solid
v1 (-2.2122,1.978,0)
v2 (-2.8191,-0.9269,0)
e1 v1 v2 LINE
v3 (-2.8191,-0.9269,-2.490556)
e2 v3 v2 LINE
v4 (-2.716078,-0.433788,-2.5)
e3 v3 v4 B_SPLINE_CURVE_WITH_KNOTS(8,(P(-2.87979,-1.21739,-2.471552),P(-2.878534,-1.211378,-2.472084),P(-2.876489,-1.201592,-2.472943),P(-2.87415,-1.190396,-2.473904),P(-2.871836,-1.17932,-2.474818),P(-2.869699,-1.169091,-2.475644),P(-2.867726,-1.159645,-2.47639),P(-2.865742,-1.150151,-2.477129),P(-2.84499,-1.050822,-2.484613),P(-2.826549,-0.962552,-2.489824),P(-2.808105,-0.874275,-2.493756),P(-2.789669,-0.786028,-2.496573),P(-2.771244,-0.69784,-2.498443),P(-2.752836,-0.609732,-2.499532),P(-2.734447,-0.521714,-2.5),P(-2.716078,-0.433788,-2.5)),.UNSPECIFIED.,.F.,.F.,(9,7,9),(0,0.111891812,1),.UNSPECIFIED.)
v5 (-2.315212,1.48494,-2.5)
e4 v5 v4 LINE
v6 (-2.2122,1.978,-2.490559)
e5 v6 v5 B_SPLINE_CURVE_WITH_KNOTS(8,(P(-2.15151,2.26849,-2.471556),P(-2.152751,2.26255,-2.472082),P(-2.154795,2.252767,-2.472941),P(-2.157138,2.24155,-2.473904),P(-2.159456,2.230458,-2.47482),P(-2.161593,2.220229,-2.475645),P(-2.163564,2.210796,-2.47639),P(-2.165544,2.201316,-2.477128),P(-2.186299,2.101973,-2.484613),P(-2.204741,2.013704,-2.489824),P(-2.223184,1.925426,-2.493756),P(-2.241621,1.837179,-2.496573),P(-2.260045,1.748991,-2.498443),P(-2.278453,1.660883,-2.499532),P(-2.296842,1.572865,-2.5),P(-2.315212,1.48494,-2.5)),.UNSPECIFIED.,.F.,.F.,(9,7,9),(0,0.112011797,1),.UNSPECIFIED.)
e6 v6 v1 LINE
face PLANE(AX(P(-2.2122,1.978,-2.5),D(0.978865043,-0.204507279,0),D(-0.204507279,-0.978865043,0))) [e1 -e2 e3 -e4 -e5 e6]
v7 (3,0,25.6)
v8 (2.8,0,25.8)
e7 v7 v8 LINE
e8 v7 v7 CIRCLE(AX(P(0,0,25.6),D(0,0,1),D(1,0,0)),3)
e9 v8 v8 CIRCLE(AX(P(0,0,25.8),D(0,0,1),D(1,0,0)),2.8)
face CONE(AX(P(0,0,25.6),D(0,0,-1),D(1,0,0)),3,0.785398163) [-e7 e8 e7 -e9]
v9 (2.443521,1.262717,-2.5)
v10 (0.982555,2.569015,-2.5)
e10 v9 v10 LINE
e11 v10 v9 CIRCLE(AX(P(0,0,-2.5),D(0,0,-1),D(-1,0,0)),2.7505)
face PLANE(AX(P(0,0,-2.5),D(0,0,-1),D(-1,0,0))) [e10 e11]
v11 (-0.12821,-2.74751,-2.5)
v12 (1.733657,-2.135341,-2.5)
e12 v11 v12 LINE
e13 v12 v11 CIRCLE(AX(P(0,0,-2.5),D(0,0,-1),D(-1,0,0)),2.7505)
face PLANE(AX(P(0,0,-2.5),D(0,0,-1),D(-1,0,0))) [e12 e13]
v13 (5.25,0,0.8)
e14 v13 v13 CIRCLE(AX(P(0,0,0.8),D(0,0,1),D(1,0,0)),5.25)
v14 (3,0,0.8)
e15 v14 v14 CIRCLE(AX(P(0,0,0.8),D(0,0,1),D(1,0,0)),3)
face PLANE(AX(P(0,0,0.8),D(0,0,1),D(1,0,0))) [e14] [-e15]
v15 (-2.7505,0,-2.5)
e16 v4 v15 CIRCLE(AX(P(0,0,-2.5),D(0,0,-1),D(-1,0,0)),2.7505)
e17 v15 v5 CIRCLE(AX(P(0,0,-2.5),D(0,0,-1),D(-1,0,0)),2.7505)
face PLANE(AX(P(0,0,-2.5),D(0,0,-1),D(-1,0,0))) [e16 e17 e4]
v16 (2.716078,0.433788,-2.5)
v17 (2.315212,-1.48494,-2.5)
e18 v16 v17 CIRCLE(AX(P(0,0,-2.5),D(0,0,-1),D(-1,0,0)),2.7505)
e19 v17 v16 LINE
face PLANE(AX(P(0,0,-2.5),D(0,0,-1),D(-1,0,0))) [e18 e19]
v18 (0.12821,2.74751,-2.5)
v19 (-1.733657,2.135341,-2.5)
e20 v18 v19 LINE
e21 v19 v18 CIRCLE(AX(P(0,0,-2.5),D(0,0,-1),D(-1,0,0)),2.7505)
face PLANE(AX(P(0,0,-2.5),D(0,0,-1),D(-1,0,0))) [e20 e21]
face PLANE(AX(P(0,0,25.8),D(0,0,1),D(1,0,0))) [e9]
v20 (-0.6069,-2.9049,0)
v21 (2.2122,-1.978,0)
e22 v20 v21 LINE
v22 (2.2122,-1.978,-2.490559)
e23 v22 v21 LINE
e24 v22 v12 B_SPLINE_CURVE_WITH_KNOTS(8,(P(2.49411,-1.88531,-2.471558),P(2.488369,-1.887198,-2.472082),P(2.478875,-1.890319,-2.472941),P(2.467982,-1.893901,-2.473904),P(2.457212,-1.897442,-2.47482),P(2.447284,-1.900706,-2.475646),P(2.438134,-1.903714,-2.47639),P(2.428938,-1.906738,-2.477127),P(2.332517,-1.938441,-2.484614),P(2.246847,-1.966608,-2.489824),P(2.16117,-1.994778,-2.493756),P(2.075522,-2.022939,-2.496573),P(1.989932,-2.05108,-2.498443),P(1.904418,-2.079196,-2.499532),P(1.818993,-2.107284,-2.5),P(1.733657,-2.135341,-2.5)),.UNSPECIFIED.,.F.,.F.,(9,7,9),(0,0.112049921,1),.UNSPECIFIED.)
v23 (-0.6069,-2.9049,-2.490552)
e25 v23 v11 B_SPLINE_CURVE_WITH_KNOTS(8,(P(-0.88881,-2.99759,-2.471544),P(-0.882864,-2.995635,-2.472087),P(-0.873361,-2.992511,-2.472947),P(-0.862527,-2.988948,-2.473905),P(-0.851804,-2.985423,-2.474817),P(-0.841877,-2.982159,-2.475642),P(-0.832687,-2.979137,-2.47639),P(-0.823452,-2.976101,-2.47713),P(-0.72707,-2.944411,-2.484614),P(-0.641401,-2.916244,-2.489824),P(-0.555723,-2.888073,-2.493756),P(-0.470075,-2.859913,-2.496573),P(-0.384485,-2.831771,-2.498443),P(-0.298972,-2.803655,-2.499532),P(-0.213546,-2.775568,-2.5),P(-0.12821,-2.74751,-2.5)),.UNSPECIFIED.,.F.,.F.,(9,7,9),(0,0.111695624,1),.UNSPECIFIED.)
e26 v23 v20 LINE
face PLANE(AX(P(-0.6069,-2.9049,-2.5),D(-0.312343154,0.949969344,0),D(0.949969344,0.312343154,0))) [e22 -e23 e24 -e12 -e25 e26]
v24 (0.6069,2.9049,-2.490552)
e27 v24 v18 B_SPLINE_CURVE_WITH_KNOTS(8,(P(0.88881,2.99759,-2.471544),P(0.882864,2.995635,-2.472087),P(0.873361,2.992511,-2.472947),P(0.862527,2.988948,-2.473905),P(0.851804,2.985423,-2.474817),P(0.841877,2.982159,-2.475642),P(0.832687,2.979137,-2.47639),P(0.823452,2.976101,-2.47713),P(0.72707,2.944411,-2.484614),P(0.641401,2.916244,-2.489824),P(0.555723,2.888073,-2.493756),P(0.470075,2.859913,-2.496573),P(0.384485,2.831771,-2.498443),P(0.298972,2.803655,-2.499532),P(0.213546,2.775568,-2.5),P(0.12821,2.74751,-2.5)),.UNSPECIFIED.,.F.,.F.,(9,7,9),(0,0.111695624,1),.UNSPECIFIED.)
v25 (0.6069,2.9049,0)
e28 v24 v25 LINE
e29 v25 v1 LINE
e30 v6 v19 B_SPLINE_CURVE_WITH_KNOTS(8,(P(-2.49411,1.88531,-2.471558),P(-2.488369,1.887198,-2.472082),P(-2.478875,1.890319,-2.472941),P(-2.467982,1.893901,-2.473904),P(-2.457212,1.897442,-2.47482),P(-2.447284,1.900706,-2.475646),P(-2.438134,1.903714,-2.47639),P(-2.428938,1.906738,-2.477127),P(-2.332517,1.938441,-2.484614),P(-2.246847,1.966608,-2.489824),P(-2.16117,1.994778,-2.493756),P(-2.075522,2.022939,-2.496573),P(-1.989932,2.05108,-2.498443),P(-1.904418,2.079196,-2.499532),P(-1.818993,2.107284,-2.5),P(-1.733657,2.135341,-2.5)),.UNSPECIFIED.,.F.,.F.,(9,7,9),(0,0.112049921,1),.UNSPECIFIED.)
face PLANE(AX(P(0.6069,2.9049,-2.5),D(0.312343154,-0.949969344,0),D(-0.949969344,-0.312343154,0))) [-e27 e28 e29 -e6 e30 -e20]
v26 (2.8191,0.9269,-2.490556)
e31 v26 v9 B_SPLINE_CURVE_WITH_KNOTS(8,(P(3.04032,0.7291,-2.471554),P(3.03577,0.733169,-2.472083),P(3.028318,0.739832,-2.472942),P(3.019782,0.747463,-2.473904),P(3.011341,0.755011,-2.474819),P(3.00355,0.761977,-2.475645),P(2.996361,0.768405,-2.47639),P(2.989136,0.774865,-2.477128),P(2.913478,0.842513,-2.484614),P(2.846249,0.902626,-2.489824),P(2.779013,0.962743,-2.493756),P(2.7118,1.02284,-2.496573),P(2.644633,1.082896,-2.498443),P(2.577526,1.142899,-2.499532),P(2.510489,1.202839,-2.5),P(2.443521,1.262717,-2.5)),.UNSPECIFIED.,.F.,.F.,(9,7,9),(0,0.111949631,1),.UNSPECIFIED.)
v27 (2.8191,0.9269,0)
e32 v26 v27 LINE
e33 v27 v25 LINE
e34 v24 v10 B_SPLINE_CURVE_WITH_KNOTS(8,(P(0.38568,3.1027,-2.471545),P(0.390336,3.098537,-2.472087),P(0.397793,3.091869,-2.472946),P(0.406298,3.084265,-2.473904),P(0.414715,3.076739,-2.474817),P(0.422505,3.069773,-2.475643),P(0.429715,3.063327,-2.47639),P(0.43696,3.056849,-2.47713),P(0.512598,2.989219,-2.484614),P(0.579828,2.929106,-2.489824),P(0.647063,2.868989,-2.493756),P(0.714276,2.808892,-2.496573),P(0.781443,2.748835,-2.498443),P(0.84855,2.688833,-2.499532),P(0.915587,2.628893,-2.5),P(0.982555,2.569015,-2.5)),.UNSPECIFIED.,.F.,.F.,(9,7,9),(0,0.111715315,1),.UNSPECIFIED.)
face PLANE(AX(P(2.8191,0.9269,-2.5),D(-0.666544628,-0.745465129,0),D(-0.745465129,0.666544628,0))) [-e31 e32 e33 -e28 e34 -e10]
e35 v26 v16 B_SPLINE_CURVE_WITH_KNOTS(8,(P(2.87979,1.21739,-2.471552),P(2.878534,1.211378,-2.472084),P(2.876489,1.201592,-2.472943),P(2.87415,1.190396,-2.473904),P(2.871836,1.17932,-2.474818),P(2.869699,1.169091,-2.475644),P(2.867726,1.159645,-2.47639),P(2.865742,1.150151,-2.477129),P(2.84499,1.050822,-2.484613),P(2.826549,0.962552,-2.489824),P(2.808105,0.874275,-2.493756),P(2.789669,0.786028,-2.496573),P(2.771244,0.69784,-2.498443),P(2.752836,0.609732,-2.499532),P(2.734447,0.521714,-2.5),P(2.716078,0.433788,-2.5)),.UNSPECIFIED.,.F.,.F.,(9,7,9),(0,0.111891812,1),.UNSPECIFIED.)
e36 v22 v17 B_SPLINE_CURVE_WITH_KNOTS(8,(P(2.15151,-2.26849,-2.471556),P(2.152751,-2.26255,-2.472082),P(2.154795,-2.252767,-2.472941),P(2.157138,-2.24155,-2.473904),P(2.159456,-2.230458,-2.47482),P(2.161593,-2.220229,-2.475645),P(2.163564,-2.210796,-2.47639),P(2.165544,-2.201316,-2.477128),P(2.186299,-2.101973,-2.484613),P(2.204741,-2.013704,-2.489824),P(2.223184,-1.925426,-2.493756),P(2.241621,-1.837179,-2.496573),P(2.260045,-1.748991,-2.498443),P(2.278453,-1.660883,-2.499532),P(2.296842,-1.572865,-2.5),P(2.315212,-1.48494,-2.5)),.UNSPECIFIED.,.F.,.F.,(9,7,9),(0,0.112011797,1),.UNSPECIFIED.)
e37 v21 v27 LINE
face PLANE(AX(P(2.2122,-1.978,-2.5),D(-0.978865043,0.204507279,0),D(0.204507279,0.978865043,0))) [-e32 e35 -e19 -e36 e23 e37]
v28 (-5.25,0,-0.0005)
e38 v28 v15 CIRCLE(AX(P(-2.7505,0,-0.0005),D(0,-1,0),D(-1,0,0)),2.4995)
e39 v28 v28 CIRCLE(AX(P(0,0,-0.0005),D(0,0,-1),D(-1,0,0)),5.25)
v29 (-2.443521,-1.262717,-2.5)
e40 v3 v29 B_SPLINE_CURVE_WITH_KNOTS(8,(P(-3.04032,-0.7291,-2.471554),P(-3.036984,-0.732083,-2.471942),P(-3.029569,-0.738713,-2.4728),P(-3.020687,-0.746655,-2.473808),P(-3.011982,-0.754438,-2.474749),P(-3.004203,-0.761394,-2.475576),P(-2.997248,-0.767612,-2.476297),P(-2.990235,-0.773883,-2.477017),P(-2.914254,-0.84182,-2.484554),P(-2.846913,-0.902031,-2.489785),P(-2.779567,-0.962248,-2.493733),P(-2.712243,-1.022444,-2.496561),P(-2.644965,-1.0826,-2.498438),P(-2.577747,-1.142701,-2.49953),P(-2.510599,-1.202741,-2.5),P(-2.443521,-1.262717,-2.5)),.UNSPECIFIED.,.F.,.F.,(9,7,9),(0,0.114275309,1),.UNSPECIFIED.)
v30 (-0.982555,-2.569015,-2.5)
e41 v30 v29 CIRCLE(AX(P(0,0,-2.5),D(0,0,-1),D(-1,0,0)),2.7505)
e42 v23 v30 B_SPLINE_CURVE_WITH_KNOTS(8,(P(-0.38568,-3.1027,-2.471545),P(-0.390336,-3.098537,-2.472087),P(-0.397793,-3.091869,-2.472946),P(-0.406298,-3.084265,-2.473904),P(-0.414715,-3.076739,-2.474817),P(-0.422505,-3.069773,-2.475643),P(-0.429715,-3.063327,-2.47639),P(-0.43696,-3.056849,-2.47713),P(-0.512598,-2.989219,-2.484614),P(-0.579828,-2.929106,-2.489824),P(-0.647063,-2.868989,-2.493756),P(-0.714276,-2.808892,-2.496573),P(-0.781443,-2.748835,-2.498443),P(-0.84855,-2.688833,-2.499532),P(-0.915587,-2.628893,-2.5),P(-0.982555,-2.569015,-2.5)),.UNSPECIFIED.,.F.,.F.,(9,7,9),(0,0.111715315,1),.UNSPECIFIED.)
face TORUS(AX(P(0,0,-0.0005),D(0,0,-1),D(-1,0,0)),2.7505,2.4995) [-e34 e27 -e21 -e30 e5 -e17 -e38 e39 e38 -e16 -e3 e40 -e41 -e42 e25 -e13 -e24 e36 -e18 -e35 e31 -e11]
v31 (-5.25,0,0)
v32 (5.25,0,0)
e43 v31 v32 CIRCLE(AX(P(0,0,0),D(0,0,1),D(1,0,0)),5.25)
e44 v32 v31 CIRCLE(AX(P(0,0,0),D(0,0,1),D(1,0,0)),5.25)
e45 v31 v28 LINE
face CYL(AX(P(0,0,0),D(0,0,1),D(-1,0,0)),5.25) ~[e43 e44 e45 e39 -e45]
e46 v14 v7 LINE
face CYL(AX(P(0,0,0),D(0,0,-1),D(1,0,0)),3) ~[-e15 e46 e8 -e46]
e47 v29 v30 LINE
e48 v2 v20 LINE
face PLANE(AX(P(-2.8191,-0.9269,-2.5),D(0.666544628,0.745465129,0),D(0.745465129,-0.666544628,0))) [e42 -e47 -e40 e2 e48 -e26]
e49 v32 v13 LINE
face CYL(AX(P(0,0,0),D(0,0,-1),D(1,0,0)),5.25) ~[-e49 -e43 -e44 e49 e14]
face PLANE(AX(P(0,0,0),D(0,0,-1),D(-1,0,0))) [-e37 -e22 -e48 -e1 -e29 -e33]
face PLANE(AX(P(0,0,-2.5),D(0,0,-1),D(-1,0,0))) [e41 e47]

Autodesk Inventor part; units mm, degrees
ref_plane "YZ Plane" through (0, 0, 0) normal (1, 0, 0) x (0, 1, 0)
ref_plane "XZ Plane" through (0, 0, 0) normal (0, 1, 0) x (-1, 0, 0)
ref_plane "XY Plane" through (0, 0, 0) normal (0, 0, 1) x (1, 0, 0)
sketch "Sketch1" plane through (0, 0, 0) normal (0, 0, 1) x (1, 0, 0)
  circle A0 centre (0, 0) radius 3
  circle A1 centre (0, 0) radius 5.25
  dimension "d0" = 6
  dimension "d1" = 10.5
extrude "Extrusion1" add sketch "Sketch1" along normal blind 0.8
extrude "Extrusion2" add sketch "Sketch1" along normal blind 25.8 contours A0
thread "Thread1" size "M6x1" class "6g" standard "ANSI Metric M Profile" length 348
sketch "Boceto3" plane through (0, 0, 0) normal (0, 0, -1) x (-1, 0, 0)
  circle A0 centre (0, 0) radius 5.25
extrude "Extrusión3" add sketch "Boceto3" along normal blind 2.5
fillet "Empalme2" radius 2.5 1 edges at (5.25, 0, -2.5)
sketch "Boceto4" plane through (0, 0, -2.5) normal (0, 0, -1) x (-1, 0, 0)
  line L0 (-2.2122, -1.978) -> (-2.8191, 0.9269)
  line L1 (-2.8191, 0.9269) -> (-0.6069, 2.9049)
  line L2 (-0.6069, 2.9049) -> (2.2122, 1.978)
  line L3 (2.2122, 1.978) -> (2.8191, -0.9269)
  line L4 (2.8191, -0.9269) -> (0.6069, -2.9049)
  line L5 (0.6069, -2.9049) -> (-2.2122, -1.978)
  point P0 (0, 0)
  point P1 (0, 0)
  dimension "d12" = 5.14
extrude "Extrusión4" cut sketch "Boceto4" against normal blind 2.5
chamfer "Chaflán1" distance 0.2 angle 45 1 edges at (-3, 0, 25.8)
properties part number "Tornillo Allen cabeza botón M6x25mm"
